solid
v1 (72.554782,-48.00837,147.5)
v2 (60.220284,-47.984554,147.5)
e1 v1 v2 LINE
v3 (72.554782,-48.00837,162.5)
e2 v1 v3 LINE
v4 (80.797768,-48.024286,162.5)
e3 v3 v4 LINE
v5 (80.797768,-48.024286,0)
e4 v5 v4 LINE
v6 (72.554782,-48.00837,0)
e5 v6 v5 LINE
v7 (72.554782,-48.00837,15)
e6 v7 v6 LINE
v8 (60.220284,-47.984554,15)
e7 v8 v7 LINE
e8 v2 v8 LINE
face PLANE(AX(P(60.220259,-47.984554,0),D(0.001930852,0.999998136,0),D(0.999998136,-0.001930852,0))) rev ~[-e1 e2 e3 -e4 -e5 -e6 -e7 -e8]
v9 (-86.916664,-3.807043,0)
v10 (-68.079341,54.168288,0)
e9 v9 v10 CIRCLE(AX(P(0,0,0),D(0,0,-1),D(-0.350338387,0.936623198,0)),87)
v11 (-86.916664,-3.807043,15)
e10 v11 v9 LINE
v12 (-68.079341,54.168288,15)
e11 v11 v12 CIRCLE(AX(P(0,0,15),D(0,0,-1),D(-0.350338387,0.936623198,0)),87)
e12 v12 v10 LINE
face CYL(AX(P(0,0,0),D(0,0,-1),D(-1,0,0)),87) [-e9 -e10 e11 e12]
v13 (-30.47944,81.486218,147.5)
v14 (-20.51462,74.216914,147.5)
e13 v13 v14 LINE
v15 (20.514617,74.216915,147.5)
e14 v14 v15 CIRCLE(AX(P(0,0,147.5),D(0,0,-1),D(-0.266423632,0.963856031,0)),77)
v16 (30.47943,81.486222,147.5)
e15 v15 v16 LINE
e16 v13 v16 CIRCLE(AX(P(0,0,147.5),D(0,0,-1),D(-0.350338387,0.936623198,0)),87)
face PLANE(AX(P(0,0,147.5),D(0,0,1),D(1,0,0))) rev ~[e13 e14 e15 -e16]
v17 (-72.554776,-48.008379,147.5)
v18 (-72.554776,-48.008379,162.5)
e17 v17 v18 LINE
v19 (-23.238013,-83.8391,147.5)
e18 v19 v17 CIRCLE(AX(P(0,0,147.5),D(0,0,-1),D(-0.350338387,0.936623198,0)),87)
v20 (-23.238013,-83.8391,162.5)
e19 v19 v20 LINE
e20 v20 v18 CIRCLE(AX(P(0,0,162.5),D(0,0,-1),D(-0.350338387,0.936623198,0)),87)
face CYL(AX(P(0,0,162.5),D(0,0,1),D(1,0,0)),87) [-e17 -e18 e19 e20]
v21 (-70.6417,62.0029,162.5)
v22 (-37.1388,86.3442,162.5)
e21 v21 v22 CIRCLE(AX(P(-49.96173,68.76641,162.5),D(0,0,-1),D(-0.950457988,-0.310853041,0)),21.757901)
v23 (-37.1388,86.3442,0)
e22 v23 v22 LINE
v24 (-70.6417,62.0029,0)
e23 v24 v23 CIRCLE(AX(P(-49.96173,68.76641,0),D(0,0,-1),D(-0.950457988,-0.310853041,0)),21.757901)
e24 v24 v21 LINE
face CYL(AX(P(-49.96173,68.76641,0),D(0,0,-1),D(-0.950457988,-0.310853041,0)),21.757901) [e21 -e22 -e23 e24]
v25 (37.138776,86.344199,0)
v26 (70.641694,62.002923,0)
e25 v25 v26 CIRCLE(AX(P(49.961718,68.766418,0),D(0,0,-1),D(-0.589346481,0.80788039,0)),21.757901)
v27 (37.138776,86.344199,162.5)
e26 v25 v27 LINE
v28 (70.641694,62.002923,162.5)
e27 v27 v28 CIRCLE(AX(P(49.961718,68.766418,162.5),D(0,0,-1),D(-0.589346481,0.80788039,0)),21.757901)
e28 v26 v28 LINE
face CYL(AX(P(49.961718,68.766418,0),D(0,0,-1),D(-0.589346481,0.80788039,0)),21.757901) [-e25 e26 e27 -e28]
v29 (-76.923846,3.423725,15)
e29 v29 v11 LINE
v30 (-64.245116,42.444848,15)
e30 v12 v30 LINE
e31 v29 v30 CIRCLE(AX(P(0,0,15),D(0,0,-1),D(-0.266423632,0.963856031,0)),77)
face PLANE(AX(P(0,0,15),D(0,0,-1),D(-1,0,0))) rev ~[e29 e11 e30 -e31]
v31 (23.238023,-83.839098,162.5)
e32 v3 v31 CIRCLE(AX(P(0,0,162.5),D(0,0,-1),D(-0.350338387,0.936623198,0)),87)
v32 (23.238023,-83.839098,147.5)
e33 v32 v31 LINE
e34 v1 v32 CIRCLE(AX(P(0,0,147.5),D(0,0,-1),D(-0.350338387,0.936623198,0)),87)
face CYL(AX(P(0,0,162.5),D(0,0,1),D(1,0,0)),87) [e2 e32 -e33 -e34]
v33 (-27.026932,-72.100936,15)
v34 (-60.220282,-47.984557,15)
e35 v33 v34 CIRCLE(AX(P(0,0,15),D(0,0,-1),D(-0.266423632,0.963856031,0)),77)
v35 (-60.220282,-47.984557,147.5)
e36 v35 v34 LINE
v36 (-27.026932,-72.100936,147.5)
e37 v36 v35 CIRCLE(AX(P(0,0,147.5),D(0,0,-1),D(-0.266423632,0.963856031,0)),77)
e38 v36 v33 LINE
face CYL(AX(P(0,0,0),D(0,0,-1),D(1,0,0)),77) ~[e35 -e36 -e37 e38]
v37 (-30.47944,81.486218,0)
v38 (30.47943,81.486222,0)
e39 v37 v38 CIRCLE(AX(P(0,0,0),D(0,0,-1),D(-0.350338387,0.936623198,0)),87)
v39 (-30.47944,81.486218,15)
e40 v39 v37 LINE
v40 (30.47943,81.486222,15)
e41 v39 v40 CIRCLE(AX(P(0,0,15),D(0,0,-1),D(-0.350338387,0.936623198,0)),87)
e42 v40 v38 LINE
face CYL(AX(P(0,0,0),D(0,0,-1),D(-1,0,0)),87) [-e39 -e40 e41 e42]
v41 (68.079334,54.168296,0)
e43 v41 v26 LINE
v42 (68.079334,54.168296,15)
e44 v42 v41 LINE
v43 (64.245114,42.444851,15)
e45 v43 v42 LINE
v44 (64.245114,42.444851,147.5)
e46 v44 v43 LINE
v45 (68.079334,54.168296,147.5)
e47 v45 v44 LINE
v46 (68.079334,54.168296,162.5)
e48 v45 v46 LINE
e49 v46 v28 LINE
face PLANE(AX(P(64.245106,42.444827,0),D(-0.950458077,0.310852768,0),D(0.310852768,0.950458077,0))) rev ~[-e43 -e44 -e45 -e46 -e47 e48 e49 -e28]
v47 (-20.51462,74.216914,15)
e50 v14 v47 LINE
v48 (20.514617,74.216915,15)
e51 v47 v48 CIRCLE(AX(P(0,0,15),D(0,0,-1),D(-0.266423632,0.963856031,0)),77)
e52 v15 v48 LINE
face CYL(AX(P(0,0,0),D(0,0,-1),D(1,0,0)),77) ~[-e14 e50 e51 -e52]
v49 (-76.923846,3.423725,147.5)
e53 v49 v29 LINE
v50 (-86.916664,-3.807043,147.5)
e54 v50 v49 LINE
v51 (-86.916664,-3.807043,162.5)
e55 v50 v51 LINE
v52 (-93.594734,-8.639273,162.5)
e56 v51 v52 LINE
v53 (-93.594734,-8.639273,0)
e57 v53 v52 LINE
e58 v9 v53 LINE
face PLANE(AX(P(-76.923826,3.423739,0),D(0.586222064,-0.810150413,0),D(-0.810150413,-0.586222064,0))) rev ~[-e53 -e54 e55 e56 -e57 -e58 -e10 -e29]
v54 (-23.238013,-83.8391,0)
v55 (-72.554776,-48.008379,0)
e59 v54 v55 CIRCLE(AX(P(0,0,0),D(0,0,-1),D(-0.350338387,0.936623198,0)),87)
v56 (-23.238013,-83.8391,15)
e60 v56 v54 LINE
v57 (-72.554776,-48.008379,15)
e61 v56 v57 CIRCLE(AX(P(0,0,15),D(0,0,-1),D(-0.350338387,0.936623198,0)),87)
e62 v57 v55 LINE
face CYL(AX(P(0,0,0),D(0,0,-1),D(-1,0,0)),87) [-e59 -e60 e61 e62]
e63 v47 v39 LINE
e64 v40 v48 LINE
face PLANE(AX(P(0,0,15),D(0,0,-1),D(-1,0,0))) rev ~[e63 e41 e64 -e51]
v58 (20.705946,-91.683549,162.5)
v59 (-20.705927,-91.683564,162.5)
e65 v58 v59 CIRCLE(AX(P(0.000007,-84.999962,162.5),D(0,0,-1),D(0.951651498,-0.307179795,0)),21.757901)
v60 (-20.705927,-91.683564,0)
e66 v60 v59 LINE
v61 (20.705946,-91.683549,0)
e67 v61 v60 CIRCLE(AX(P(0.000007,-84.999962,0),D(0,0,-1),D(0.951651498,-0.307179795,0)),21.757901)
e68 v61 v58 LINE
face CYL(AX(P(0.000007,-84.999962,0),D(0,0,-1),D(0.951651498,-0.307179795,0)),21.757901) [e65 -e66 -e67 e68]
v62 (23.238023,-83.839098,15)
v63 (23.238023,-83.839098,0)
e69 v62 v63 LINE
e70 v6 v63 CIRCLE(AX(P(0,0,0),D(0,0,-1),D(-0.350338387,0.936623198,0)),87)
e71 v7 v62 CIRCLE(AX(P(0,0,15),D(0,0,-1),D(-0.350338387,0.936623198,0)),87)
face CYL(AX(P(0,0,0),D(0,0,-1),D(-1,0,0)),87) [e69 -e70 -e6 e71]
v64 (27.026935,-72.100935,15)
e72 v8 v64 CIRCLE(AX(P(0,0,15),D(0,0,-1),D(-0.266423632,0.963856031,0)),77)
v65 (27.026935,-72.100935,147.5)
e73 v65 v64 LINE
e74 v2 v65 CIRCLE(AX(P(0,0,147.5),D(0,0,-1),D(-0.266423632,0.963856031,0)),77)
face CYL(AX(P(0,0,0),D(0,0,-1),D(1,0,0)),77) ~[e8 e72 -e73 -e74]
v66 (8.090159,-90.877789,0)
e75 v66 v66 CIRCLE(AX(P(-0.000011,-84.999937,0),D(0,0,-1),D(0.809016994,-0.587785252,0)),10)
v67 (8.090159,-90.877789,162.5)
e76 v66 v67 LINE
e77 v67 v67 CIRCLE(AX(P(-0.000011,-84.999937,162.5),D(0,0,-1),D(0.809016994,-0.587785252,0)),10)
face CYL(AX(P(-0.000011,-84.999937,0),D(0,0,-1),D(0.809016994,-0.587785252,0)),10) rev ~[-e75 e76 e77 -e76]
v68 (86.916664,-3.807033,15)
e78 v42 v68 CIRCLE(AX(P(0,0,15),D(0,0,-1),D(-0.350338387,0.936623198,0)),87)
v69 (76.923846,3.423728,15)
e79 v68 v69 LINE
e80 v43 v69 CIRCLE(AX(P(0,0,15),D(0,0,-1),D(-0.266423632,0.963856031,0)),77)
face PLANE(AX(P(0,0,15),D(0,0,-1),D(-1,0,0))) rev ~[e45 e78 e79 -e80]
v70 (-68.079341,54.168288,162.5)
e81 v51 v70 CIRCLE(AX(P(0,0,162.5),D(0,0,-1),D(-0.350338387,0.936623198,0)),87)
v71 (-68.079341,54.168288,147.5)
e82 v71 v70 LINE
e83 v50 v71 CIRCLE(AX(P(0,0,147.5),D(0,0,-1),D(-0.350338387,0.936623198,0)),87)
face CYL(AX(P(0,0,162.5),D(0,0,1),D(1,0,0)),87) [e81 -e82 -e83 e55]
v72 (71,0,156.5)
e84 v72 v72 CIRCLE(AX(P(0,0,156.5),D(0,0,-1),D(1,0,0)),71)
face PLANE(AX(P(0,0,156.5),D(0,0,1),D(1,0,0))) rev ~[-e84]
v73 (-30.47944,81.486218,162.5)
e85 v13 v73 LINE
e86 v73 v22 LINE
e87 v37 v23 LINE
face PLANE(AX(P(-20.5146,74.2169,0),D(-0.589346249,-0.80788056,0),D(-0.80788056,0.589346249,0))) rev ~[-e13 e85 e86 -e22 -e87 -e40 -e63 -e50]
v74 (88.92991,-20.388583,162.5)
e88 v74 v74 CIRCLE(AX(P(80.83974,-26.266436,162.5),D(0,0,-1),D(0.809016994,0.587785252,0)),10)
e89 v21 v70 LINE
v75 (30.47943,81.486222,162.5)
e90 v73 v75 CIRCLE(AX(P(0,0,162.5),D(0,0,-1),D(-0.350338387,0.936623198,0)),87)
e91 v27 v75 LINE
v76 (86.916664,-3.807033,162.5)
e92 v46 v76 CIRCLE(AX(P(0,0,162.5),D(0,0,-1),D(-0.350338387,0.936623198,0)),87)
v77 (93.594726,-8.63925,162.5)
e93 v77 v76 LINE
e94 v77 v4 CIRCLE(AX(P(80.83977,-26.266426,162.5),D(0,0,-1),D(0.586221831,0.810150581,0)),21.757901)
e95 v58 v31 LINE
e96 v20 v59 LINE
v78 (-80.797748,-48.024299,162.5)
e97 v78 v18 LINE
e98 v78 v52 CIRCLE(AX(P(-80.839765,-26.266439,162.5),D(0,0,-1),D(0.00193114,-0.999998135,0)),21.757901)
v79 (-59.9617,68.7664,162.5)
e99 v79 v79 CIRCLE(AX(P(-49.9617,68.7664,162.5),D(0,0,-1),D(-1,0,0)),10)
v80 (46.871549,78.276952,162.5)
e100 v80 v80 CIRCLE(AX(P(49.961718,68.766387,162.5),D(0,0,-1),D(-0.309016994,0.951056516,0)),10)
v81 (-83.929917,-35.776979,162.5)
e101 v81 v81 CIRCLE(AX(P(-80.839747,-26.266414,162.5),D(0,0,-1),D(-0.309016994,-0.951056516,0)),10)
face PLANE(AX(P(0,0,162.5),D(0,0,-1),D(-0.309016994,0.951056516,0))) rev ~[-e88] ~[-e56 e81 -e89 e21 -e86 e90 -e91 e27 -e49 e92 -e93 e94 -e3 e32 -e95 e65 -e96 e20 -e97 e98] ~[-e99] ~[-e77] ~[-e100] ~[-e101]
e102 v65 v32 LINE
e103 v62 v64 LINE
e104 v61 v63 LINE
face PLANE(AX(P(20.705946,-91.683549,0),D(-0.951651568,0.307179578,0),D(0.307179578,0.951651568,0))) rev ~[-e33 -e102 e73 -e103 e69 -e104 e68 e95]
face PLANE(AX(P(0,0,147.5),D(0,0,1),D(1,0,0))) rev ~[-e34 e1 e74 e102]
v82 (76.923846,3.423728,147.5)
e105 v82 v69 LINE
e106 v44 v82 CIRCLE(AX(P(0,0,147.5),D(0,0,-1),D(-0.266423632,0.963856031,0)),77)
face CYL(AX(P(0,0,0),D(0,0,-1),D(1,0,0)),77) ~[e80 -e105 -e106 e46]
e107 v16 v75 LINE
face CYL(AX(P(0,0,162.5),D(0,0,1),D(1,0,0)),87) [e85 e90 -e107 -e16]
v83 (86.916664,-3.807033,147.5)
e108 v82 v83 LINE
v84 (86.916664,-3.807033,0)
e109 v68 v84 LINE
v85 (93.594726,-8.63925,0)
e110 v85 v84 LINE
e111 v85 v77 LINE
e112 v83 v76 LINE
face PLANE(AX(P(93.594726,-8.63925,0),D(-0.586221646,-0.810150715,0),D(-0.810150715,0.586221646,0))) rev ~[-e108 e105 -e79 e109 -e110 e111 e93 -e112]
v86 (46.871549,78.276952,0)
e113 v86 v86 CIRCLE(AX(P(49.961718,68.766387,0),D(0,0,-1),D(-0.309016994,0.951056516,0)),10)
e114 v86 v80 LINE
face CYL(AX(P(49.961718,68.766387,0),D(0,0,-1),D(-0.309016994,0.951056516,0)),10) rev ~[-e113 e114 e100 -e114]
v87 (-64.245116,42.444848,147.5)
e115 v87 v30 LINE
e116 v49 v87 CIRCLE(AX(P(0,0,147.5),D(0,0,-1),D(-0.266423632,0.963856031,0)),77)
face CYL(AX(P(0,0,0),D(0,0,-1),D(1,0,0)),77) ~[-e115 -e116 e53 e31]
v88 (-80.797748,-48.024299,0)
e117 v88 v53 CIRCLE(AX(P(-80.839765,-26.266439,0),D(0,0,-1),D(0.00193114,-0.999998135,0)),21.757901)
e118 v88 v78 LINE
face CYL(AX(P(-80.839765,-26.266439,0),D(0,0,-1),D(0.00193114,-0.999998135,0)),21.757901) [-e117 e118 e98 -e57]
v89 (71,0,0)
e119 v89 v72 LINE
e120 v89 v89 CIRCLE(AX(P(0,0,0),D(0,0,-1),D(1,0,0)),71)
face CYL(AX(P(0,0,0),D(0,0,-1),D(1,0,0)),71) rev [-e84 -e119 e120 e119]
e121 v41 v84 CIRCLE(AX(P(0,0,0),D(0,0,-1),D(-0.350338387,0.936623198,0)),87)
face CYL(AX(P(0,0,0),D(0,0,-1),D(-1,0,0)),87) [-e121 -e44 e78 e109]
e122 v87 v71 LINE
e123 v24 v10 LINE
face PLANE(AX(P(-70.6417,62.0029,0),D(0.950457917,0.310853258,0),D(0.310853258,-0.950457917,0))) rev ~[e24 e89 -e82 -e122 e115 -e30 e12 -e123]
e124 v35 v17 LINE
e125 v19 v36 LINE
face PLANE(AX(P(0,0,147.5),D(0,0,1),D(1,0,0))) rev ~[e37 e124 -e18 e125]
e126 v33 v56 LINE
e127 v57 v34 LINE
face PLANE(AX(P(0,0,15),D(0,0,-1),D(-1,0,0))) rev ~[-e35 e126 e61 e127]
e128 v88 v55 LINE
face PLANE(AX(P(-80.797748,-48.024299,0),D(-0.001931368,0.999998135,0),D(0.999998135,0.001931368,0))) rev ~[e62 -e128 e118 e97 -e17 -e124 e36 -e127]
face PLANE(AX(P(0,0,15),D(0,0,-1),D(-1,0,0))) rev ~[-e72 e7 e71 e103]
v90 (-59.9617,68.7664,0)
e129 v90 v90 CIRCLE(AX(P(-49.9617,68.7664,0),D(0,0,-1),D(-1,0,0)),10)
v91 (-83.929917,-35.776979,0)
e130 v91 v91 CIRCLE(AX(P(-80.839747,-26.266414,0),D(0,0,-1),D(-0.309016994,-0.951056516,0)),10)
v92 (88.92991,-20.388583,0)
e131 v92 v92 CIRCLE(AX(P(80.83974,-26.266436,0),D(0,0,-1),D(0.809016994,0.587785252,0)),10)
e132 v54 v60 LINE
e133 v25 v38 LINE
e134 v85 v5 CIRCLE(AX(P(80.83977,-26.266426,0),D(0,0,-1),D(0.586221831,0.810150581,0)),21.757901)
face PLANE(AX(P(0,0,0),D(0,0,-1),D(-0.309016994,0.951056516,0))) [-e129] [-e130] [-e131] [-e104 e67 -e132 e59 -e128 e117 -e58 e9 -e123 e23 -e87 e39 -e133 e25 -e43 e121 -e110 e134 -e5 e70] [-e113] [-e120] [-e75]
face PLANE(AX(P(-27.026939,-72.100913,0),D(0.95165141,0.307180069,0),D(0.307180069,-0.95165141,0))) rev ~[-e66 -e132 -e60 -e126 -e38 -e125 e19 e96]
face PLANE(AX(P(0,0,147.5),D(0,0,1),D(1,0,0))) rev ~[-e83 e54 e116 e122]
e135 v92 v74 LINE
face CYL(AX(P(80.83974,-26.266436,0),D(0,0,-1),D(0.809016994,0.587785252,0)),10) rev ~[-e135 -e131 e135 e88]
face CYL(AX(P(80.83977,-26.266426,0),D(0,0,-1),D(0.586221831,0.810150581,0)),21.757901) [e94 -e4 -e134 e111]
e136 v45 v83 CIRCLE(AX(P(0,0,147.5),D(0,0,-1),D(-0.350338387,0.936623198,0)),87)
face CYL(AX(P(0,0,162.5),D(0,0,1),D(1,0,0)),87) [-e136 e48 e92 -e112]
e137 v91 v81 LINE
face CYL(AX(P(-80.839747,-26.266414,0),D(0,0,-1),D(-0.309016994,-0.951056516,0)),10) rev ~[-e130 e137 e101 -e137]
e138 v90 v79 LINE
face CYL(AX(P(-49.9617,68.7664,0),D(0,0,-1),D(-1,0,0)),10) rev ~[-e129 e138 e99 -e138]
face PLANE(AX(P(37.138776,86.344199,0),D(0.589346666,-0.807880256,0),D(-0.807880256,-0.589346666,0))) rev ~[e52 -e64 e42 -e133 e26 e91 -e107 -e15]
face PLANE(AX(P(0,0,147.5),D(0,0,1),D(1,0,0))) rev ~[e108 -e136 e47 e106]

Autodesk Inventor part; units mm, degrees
ref_plane "YZ Plane" through (0, 0, 0) normal (1, 0, 0) x (0, 1, 0)
ref_plane "XZ Plane" through (0, 0, 0) normal (0, 1, 0) x (-1, 0, 0)
ref_plane "XY Plane" through (0, 0, 0) normal (0, 0, 1) x (1, 0, 0)
sketch "Sketch1" plane through (0, 0, 0) normal (0, 0, 1) x (1, 0, 0)
  circle A0 centre (0, 0) radius 77
  dimension "d0" = 154
extrude "Extrusion1" add sketch "Sketch1" along normal blind 162.5
shell "Shell1" thickness 6 removed faces 1 at (-19.0407, -8.1278, 0)
sketch "Sketch2" plane through (0, 0, 162.5) normal (0, 0, 1) x (1, 0, 0)
  circle A0 centre (0, 0) radius 87
  circle A1 centre (0, 0) radius 77
  dimension "d4" = 174
  dimension "d5" = 154
extrude "Extrusion2" add sketch "Sketch2" against normal blind 15
sketch "Sketch3" plane through (0, 0, 0) normal (0, 0, -1) x (-1, 0, 0)
  circle A0 centre (0, 0) radius 77 projected
  circle A1 centre (0, 0) radius 87 projected
extrude "Extrusion3" add sketch "Sketch3" against normal blind 15
sketch "Sketch4" plane through (0, 0, 0) normal (0, 0, -1) x (-1, 0, 0)
  arc A0 (70.6417, 62.0029) -> (37.1388, 86.3442) centre (49.9617, 68.7664) ccw
  line L0 (45.2595, 62.2943) -> (49.9617, 68.7664) construction
  line L1 (0, 77) -> (0, 87) construction
  line L2 (70.6417, 62.0029) -> (64.2451, 42.4448)
  arc A1 (68.0794, 54.1683) -> (30.4794, 81.4862) centre (0, 0) ccw construction
  arc A2 (68.0794, 54.1683) -> (30.4794, 81.4862) centre (0, 0) ccw construction
  circle A3 centre (0, 0) radius 77 construction
  circle A4 centre (0, 0) radius 77 construction
  arc A5 (64.2451, 42.4448) -> (-30.3958, 70.7467) centre (0, 0) ccw construction
  arc A6 (64.2451, 42.4448) -> (20.5146, 74.2169) centre (0, 0) ccw
  line L3 (20.5146, 74.2169) -> (37.1388, 86.3442)
  line L4 (76.9238, 3.4237) -> (93.5948, -8.6392)
  arc A7 (80.7978, -48.0243) -> (93.5948, -8.6392) centre (80.8398, -26.2664) ccw
  line L5 (80.7978, -48.0243) -> (60.2203, -47.9846)
  arc A8 (60.2203, -47.9846) -> (57.8913, 50.77) centre (0, 0) ccw construction
  line L6 (27.0269, -72.1009) -> (20.706, -91.6836)
  arc A9 (-20.706, -91.6836) -> (20.706, -91.6836) centre (0, -85) ccw
  line L7 (-20.706, -91.6836) -> (-27.0269, -72.1009)
  arc A10 (-27.0269, -72.1009) -> (66.1746, -39.3691) centre (0, 0) ccw construction
  line L8 (-60.2203, -47.9846) -> (-80.7978, -48.0243)
  arc A11 (-93.5948, -8.6392) -> (-80.7978, -48.0243) centre (-80.8398, -26.2664) ccw
  line L9 (-93.5948, -8.6392) -> (-76.9238, 3.4237)
  arc A12 (-76.9238, 3.4237) -> (-16.9932, -75.1015) centre (0, 0) ccw construction
  line L10 (-64.2451, 42.4448) -> (-70.6417, 62.0029)
  arc A13 (-37.1388, 86.3442) -> (-70.6417, 62.0029) centre (-49.9617, 68.7664) ccw
  line L11 (-37.1388, 86.3442) -> (-20.5146, 74.2169)
  arc A14 (-20.5146, 74.2169) -> (-76.6769, -7.0462) centre (0, 0) ccw construction
  point P0 (72.5548, -48.0084)
  point P1 (-23.2381, -83.8391)
  point P2 (-86.9167, -3.807)
  point P3 (-30.4794, 81.4862)
  dimension "d11" = 85
  dimension "d12" = 36
  dimension "d17" = 360
extrude "Extrusion4" add sketch "Sketch4" against normal blind 162.5
pattern_circular "Circular Pattern1" count 5 over 360 about axis through (0, 0, 0) along (0, 0, 1) of "Extrusion4"
sketch "Sketch5" plane through (0, 0, 0) normal (0, 0, -1) x (-1, 0, 0)
  arc A0 (70.6417, 62.0029) -> (37.1388, 86.3442) centre (49.9617, 68.7664) ccw construction
  circle A1 centre (49.9617, 68.7664) radius 10
  point P0 (0, 0)
  dimension "d22" = 20
extrude "Extrusion5" cut sketch "Sketch5" against normal up to next
pattern_circular "Circular Pattern2" count 5 over 360 about axis through (0, 0, 0) along (0, 0, 1) of "Extrusion5"
properties part number "inner"
